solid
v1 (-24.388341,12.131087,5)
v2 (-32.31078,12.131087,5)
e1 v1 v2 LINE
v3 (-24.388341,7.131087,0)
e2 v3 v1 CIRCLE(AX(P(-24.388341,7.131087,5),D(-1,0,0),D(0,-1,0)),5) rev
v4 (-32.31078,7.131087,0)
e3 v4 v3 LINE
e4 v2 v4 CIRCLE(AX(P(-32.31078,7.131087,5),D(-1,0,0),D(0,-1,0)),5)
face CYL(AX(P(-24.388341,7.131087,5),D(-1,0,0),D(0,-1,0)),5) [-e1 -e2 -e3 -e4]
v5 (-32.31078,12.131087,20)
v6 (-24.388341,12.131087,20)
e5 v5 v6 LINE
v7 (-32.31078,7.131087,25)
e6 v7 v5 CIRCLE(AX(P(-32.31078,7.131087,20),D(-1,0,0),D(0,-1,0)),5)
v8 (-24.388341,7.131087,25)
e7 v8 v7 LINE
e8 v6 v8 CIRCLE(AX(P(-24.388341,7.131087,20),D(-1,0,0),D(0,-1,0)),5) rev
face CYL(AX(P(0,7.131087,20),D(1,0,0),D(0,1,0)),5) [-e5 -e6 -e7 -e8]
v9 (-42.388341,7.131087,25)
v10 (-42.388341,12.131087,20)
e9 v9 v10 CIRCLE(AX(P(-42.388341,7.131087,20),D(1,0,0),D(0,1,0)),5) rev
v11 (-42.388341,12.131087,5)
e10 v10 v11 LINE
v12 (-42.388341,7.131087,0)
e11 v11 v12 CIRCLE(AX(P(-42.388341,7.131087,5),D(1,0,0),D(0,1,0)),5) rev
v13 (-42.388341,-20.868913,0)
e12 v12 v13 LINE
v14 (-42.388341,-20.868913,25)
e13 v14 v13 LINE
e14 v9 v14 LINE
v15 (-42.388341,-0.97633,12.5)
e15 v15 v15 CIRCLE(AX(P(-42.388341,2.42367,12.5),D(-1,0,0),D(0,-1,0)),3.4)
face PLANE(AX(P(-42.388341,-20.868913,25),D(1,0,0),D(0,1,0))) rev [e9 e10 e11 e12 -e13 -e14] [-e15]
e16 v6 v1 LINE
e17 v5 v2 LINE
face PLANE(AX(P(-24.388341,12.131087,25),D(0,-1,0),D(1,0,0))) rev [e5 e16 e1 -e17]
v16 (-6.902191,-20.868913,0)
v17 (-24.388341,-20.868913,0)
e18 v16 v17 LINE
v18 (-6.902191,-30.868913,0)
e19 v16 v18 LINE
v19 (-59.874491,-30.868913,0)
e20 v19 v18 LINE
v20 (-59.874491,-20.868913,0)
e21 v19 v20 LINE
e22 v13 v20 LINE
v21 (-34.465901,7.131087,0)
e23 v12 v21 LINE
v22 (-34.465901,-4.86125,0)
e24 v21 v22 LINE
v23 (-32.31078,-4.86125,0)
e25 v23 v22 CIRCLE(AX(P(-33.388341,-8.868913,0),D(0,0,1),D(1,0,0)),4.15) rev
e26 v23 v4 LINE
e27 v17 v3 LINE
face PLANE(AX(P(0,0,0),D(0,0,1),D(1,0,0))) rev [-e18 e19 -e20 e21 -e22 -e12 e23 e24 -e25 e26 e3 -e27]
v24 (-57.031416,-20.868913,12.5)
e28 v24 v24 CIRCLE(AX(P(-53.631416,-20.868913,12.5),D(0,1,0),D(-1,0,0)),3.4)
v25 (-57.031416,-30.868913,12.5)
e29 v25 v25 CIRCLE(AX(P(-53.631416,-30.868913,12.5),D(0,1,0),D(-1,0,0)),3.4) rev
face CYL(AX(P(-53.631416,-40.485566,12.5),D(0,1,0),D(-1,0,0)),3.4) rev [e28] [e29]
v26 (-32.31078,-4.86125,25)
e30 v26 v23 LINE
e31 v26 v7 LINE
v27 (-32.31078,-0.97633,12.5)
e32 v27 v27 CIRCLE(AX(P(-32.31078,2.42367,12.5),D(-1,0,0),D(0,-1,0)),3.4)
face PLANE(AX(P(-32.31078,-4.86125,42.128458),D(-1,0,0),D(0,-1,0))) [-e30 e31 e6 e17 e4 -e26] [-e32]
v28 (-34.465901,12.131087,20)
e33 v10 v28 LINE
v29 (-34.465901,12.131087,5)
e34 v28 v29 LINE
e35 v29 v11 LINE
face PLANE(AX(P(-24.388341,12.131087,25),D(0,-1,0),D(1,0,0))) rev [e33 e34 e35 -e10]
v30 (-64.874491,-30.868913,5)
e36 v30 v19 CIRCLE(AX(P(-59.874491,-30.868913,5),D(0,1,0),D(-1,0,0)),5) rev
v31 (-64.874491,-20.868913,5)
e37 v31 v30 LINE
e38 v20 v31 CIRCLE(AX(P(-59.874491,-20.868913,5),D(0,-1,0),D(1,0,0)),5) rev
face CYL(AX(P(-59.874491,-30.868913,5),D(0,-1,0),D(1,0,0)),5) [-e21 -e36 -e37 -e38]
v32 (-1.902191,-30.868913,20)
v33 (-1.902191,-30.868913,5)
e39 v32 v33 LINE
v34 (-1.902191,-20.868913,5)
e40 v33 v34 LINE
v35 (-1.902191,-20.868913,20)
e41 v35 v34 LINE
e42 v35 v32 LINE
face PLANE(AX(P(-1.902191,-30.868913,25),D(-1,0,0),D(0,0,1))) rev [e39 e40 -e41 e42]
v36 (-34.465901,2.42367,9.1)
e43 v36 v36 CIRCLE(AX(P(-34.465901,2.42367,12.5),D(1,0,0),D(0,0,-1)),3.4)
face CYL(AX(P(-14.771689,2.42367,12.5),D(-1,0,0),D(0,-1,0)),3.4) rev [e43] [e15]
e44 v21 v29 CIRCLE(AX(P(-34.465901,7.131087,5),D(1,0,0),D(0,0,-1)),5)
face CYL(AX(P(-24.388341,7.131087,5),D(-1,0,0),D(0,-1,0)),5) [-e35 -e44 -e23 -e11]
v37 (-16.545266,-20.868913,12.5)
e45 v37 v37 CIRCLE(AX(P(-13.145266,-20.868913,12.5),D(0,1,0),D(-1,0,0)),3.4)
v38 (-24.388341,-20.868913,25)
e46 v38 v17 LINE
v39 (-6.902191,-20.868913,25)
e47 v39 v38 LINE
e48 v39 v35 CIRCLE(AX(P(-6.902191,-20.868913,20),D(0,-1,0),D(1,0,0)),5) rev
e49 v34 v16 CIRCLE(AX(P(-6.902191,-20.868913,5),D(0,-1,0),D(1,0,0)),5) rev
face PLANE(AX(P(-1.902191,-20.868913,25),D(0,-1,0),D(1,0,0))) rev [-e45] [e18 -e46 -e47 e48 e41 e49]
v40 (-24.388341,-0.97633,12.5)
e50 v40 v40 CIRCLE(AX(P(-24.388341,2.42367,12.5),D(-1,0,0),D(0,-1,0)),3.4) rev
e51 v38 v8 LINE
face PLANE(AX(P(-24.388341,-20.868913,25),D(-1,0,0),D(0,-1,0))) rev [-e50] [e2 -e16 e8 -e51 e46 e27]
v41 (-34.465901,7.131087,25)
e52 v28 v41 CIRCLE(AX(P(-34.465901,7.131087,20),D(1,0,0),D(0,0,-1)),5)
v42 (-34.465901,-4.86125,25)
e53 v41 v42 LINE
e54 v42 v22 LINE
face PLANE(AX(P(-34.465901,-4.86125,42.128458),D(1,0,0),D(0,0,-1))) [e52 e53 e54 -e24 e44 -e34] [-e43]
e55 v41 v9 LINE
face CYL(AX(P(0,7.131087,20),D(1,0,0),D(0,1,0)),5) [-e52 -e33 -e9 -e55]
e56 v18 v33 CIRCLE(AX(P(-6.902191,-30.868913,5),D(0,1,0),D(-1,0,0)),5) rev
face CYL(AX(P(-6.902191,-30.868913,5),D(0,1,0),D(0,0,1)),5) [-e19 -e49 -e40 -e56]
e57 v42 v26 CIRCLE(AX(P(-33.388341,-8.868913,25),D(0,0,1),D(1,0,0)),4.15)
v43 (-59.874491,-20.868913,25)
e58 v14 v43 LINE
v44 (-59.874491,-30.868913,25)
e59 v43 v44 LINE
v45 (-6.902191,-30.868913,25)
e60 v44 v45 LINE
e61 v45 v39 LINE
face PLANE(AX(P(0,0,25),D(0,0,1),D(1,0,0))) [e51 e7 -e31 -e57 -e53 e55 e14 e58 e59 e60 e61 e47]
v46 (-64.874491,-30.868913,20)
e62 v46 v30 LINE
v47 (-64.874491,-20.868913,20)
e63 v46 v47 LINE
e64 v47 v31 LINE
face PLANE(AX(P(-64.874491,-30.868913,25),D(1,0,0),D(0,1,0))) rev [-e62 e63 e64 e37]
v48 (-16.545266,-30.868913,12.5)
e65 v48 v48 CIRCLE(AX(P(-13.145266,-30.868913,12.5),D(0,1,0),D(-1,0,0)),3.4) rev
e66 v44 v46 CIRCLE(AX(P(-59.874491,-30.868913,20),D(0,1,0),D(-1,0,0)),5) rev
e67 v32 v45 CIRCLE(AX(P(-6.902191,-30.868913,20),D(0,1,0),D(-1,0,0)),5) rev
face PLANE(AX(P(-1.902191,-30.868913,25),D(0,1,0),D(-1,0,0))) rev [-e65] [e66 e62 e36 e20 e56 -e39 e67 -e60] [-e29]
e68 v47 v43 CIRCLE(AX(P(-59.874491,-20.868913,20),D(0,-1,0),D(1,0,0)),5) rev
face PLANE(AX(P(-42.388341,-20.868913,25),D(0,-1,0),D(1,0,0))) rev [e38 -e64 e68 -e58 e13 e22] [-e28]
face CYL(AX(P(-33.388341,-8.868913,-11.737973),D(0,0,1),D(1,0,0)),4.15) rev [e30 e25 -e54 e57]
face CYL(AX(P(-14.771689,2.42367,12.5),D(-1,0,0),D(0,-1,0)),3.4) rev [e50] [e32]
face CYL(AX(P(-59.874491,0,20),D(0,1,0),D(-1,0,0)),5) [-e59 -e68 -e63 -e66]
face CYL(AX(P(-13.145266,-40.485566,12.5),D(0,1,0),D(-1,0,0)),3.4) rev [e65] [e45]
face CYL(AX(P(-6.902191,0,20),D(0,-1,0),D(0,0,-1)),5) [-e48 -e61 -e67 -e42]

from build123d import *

# Parameters (mm, degrees)
BOSS_EXTRUDE3_DEPTH = 25
SKETCH9_R           = 4.15
CUT_EXTRUDE1_DEPTH  = 25
SKETCH10_R          = 3.4
CUT_EXTRUDE2_DEPTH  = 10
SKETCH11_W          = 2.155120977
SKETCH11_H          = 16.992336916
CUT_EXTRUDE3_DEPTH  = 25
CUT_EXTRUDE4_REACH  = 58.719
SKETCH12_R          = 3.4
FILLET1_R           = 5


with BuildPart() as part:
    # Sketch7 → Boss-Extrude3 (new body)
    with BuildSketch(Plane.XY):
        Polygon((-42.388340788, -20.868913389), (-64.874490575, -20.868913389), (-64.874490575, -30.868913389), (-1.902191, -30.868913389), (-1.902191, -20.868913389), (-24.388340788, -20.868913389), (-24.388340788, 12.131086611), (-42.388340788, 12.131086611), align=None)
    extrude(amount=BOSS_EXTRUDE3_DEPTH)

    # Sketch9 → Cut-Extrude1 (cut)
    with BuildSketch(Plane.XY.offset(25)):
        with Locations((-33.388340788, -8.868913389)):
            Circle(SKETCH9_R)
    extrude(amount=-CUT_EXTRUDE1_DEPTH, mode=Mode.SUBTRACT)

    # Sketch10 → Cut-Extrude2 (cut)
    with BuildSketch(Plane(origin=(0, -20.868913389, 0), x_dir=(-1, 0, 0), z_dir=(0, 1, 0))):
        with Locations((53.631415681, 12.5)):
            Circle(SKETCH10_R)
        with Locations((13.145265894, 12.5)):
            Circle(SKETCH10_R)
    extrude(amount=-CUT_EXTRUDE2_DEPTH, mode=Mode.SUBTRACT)

    # Sketch11 → Cut-Extrude3 (cut)
    with BuildSketch(Plane.XY):
        with Locations((-33.388340787, 3.634918153)):
            Rectangle(SKETCH11_W, SKETCH11_H)
    extrude(amount=CUT_EXTRUDE3_DEPTH, mode=Mode.SUBTRACT)

    # Cut-Extrude4: up to this face of the body (flat: up to its plane)
    cut_extrude4_end = Plane(part.part.faces().sort_by_distance((-24.388340788, -4.368913389, 12.5))[0])
    # Sketch12 → Cut-Extrude4 (cut, up to the picked face)
    with BuildSketch(Plane.ZY.offset(42.388340788), mode=Mode.PRIVATE) as cut_extrude4_sk1:
        with Locations(Location((12.5, 2.423670307, 0), (0, 0, 270))):
            Circle(SKETCH12_R)
    cut_extrude4_tool1 = split(extrude(cut_extrude4_sk1.sketch, amount=-CUT_EXTRUDE4_REACH, mode=Mode.PRIVATE), bisect_by=cut_extrude4_end, keep=Keep.BOTH, mode=Mode.PRIVATE)
    add(cut_extrude4_tool1.solids().sort_by(Axis((-42.388341, 2.42367, 12.5), (1, 0, 0)))[0], mode=Mode.SUBTRACT)

    # Fillet1
    fillet1_edges = [part.edges().sort_by_distance(p)[0] for p in [
        (-64.874490575, -25.868913389, 25),
        (-1.902191, -25.868913389, 25),
        (-28.349560543, 12.131086611, 25),
        (-38.427121032, 12.131086611, 0),
        (-38.427121032, 12.131086611, 25),
        (-28.349560543, 12.131086611, 0),
        (-1.902191, -25.868913389, 0),
        (-64.874490575, -25.868913389, 0),
    ]]
    fillet(fillet1_edges, radius=FILLET1_R)


solid = part.part
